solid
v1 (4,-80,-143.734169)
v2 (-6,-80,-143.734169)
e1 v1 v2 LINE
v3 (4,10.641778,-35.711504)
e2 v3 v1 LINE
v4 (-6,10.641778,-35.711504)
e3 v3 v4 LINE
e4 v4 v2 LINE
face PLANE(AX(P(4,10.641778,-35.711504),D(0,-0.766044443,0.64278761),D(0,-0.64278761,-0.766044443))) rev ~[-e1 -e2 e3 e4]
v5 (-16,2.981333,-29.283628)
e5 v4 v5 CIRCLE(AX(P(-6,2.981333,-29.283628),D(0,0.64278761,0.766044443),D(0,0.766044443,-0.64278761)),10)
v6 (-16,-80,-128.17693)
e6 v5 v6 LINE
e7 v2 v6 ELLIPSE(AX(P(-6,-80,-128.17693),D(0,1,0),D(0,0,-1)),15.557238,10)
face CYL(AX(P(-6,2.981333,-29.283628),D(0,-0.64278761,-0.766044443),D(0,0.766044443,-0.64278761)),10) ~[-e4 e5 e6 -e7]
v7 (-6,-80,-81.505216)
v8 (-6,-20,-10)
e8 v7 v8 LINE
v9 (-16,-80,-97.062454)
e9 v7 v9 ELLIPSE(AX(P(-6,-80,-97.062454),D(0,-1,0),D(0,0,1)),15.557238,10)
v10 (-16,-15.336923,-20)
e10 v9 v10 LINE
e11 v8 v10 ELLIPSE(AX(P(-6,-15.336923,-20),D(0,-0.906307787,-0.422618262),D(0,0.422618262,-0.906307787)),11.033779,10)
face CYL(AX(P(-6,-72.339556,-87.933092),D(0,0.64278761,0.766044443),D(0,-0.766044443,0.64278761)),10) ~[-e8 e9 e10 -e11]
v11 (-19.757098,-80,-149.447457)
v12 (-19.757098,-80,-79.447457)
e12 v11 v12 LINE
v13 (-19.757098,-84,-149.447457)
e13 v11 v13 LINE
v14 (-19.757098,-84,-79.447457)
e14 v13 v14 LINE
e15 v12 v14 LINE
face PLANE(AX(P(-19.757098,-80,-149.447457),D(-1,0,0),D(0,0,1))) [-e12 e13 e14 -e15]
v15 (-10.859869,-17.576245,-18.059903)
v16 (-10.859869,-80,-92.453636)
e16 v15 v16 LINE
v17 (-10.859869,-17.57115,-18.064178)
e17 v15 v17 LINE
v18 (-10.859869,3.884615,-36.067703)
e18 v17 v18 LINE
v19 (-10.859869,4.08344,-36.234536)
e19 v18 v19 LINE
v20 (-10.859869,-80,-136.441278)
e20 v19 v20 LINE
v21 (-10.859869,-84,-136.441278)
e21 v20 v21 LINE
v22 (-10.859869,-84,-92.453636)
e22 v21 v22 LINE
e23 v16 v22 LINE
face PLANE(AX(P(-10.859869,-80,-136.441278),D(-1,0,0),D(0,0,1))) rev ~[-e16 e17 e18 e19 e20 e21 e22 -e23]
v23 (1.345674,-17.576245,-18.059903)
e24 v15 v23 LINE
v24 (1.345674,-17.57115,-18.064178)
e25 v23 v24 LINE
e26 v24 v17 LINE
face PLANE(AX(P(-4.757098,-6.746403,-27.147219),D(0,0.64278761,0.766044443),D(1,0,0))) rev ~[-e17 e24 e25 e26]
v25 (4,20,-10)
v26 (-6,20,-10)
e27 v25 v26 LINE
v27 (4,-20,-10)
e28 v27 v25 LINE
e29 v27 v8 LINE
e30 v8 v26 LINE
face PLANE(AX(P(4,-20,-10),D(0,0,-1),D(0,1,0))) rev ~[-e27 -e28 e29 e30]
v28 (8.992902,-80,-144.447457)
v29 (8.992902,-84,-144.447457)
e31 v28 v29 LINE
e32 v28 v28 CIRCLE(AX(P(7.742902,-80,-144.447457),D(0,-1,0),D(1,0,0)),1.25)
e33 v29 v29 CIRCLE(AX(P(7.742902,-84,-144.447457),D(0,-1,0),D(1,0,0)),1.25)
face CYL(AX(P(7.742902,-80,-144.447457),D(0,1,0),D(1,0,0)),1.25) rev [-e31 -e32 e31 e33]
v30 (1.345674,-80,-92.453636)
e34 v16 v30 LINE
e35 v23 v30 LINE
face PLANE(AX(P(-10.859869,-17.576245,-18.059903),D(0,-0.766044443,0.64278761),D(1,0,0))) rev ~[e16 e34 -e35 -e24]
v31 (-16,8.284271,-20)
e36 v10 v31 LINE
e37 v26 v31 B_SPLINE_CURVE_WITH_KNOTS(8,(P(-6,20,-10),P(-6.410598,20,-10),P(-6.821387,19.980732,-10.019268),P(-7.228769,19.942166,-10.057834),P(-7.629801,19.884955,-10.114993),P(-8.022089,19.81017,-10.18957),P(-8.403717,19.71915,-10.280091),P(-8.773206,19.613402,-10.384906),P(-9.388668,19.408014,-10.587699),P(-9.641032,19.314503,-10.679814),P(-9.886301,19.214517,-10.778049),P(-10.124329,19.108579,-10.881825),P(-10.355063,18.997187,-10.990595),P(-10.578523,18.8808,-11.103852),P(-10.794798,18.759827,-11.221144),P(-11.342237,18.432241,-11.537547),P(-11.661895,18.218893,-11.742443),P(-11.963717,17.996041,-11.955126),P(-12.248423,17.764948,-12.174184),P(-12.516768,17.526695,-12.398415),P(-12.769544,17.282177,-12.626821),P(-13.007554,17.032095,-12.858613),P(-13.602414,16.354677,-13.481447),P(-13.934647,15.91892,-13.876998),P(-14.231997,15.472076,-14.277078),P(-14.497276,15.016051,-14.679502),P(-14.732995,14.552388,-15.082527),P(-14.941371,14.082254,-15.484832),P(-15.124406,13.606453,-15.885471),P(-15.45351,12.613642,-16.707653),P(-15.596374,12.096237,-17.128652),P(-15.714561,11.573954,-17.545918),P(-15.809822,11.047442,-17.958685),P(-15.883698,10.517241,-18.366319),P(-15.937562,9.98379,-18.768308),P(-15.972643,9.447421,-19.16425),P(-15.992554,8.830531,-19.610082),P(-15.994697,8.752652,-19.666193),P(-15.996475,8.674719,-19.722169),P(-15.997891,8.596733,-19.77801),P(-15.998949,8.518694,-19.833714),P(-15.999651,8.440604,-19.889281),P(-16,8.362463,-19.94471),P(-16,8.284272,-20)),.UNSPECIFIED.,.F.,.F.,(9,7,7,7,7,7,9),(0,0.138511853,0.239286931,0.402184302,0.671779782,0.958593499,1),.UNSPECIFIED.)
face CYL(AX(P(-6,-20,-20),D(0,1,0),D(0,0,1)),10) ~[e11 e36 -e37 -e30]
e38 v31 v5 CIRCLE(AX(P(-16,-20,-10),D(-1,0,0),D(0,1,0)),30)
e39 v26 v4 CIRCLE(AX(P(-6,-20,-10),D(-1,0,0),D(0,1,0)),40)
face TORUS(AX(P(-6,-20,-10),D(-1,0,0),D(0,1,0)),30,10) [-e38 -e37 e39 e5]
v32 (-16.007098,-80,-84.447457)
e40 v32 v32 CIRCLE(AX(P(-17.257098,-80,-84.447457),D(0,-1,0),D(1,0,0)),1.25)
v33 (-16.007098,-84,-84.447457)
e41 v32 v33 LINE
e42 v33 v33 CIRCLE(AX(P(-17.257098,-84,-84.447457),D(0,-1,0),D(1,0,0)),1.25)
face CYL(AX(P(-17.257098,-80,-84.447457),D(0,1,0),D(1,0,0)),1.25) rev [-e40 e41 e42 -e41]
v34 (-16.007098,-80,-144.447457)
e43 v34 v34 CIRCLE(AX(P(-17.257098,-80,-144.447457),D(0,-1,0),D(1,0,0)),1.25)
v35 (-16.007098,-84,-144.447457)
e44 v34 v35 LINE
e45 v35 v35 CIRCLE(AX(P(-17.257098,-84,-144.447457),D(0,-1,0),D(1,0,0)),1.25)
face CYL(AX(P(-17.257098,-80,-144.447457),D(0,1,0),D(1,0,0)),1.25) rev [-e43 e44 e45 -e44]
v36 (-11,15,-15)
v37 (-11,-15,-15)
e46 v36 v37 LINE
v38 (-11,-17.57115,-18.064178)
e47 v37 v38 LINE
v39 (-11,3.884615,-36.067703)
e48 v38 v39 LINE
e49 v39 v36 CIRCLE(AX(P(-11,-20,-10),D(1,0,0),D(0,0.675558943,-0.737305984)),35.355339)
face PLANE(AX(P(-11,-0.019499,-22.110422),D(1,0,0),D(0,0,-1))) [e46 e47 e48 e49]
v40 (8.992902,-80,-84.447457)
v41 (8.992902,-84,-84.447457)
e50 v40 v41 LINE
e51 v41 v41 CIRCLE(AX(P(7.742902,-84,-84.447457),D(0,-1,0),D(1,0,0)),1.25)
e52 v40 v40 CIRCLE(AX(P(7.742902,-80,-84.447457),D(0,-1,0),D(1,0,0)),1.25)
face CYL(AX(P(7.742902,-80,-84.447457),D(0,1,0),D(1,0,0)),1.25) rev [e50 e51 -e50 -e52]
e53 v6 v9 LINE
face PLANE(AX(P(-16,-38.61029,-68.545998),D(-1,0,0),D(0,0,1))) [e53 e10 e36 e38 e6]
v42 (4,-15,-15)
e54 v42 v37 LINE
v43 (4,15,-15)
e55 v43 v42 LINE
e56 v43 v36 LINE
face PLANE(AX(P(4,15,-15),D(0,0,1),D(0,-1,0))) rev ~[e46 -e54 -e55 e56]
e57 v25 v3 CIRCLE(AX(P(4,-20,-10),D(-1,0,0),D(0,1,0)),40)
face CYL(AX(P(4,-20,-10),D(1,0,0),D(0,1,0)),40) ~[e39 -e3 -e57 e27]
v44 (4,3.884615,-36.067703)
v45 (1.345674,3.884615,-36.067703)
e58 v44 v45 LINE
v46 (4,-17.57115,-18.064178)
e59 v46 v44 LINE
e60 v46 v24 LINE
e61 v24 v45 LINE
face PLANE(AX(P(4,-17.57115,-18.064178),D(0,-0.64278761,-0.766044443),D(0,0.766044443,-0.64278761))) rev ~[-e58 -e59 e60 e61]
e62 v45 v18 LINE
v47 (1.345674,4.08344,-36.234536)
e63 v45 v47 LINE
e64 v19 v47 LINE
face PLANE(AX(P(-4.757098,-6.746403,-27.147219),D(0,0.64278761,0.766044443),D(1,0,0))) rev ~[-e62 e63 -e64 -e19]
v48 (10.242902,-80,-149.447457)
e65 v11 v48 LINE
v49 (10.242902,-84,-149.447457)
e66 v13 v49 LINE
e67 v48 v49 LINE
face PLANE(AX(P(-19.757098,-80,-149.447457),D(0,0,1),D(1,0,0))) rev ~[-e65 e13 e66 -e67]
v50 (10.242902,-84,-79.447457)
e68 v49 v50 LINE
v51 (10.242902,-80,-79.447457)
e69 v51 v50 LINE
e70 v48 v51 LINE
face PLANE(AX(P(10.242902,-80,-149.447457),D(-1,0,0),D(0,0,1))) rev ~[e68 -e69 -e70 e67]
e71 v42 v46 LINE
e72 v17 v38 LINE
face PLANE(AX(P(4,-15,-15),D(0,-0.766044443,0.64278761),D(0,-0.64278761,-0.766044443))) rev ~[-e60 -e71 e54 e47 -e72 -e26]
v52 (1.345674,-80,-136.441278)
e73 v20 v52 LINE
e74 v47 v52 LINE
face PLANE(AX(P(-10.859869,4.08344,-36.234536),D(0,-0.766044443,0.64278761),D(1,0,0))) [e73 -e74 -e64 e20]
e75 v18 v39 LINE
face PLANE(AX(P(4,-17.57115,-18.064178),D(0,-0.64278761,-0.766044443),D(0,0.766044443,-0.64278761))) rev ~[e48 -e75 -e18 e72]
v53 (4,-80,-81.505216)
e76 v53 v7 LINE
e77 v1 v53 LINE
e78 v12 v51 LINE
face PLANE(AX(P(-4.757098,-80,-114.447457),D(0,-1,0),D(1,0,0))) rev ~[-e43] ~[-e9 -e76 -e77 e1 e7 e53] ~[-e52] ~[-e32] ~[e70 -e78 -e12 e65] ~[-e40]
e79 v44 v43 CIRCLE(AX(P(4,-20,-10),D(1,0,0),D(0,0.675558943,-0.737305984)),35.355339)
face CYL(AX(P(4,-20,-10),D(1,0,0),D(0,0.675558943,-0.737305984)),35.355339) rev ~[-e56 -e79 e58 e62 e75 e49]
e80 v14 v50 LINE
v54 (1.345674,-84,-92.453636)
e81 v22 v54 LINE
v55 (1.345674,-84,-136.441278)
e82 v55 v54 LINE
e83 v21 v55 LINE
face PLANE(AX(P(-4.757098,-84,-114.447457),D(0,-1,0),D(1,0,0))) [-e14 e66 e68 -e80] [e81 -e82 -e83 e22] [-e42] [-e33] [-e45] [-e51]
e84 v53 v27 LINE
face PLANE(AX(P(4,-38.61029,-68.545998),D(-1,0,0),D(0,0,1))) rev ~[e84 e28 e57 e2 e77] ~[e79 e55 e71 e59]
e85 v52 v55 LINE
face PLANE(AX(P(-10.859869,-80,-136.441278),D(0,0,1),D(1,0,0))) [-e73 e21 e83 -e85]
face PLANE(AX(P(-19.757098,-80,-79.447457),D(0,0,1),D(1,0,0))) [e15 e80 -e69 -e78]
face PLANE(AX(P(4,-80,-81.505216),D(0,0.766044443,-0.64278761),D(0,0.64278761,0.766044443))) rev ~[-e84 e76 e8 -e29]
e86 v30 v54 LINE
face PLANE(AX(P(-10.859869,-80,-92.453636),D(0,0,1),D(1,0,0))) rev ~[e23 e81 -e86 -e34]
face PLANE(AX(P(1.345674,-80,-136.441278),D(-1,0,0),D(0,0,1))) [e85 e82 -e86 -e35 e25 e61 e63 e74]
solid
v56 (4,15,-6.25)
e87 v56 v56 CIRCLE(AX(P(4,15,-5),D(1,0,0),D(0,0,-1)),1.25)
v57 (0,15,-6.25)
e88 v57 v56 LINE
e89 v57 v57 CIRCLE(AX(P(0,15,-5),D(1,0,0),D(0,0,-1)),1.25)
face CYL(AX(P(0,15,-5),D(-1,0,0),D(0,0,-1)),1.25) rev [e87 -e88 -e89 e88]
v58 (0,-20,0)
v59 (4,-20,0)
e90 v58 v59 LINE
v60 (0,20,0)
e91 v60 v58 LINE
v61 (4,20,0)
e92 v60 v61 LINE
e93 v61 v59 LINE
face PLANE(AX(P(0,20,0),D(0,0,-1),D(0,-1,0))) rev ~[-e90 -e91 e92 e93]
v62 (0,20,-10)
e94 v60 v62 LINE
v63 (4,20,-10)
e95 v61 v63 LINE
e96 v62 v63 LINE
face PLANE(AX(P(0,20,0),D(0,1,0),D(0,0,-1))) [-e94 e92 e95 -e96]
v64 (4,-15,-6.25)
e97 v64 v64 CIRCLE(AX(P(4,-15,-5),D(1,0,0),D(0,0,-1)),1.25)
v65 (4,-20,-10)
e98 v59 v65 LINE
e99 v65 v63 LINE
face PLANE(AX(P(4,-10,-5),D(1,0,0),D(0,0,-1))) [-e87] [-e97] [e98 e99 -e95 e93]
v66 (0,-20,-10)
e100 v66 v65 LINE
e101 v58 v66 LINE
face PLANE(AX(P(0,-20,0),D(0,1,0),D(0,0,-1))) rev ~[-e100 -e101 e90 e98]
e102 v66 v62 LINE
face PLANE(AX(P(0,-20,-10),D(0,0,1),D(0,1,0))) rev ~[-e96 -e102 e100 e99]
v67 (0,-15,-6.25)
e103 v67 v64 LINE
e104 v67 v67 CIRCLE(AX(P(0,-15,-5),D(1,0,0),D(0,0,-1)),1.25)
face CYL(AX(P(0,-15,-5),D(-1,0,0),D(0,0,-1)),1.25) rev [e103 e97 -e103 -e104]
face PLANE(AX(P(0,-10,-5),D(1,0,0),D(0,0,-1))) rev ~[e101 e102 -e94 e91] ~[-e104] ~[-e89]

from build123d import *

# Parameters (mm, degrees)
SKETCH1_W           = 10
SKETCH1_H           = 20
SKETCH1_R           = 1.25
BOSS_EXTRUDE1_DEPTH = 4
BOSS_EXTRUDE2_DEPTH = 20
FILLET2_R           = 10
SKETCH3_R           = 1.25
CUT_EXTRUDE1_DEPTH  = 15
SKETCH4_W           = 12.205542936
SKETCH4_H           = 28.274710975
CUT_EXTRUDE2_DEPTH  = 137.397289148
SKETCH5_W           = 30
SKETCH5_H           = 70
SKETCH5_R           = 1.25
SKETCH5_W_2         = 12.205542936
SKETCH5_H_2         = 43.987641562
BOSS_EXTRUDE3_DEPTH = 4


with BuildPart() as part:
    # Sketch1 → Boss-Extrude1 (new body)
    with BuildSketch(Plane(origin=(0, 0, 0), x_dir=(0, 0, -1), z_dir=(1, 0, 0))):
        with Locations((5, -10)):
            Rectangle(SKETCH1_W, SKETCH1_H)
        with Locations((5, -15)):
            Circle(SKETCH1_R, mode=Mode.SUBTRACT)
        with Locations((5, 10)):
            Rectangle(SKETCH1_W, SKETCH1_H)
        with Locations((5, 15)):
            Circle(SKETCH1_R, mode=Mode.SUBTRACT)
    extrude(amount=BOSS_EXTRUDE1_DEPTH)


with BuildPart() as body_2:
    # Sketch2 → Boss-Extrude2 (new body)
    with BuildSketch(Plane(origin=(4, 0, 0), x_dir=(0, 0, -1), z_dir=(1, 0, 0))):
        with BuildLine():
            ThreePointArc((10, 20), (23.680805733, 17.587704831), (35.711504387, 10.641777725))
            Line((35.711504387, 10.641777725), (143.73416863, -80))
            Line((143.73416863, -80), (81.505215556, -80))
            Line((81.505215556, -80), (10, -20))
            Line((10, -20), (10, 20))
        make_face()
    extrude(amount=-BOSS_EXTRUDE2_DEPTH)

    # Fillet2
    fillet2_edges = [body_2.edges().sort_by_distance(p)[0] for p in [
        (-16, 0, -10),
        (-16, -50, -45.752607778),
        (-16, -34.679111138, -89.722836509),
        (-16, 17.587704831, -23.680805733),
    ]]
    fillet(fillet2_edges, radius=FILLET2_R)

    # Sketch3 → Cut-Extrude1 (cut)
    with BuildSketch(Plane(origin=(4, 0, 0), x_dir=(0, 0, -1), z_dir=(1, 0, 0))):
        with Locations((5, -15)):
            Circle(SKETCH3_R)
        with Locations((5, 15)):
            Circle(SKETCH3_R)
        with BuildLine():
            Line((15, 15), (15, -15))
            Line((15, -15), (18.064177772, -17.571150439))
            Line((18.064177772, -17.571150439), (36.067703055, 3.884615497))
            ThreePointArc((36.067703055, 3.884615497), (26.498135848, 11.269977831), (15, 15))
        make_face()
    extrude(amount=-CUT_EXTRUDE1_DEPTH, mode=Mode.SUBTRACT)

    # Sketch4 → Cut-Extrude2 (cut, through all)
    with BuildSketch(Plane(origin=(0, -16.154847254, -19.252597253), x_dir=(1, 0, 0), z_dir=(0, 0.64278761, 0.766044443))):
        with Locations((-4.757097635, 12.281851889)):
            Rectangle(SKETCH4_W, SKETCH4_H)
    extrude(amount=-CUT_EXTRUDE2_DEPTH, mode=Mode.SUBTRACT)

    # Sketch5 → Boss-Extrude3 (add)
    with BuildSketch(Plane.XZ.offset(80)):
        with Locations((-4.757097635, -114.447457028)):
            Rectangle(SKETCH5_W, SKETCH5_H)
        with Locations((-17.257097635, -84.447457028)):
            Circle(SKETCH5_R, mode=Mode.SUBTRACT)
        with Locations((7.742902365, -84.447457028)):
            Circle(SKETCH5_R, mode=Mode.SUBTRACT)
        with Locations((7.742902365, -144.447457028)):
            Circle(SKETCH5_R, mode=Mode.SUBTRACT)
        with Locations((-17.257097635, -144.447457028)):
            Circle(SKETCH5_R, mode=Mode.SUBTRACT)
        with Locations((-4.757097635, -114.447457028)):
            Rectangle(SKETCH5_W_2, SKETCH5_H_2, mode=Mode.SUBTRACT)
    extrude(amount=BOSS_EXTRUDE3_DEPTH)


solid = Compound([part.part, body_2.part])
